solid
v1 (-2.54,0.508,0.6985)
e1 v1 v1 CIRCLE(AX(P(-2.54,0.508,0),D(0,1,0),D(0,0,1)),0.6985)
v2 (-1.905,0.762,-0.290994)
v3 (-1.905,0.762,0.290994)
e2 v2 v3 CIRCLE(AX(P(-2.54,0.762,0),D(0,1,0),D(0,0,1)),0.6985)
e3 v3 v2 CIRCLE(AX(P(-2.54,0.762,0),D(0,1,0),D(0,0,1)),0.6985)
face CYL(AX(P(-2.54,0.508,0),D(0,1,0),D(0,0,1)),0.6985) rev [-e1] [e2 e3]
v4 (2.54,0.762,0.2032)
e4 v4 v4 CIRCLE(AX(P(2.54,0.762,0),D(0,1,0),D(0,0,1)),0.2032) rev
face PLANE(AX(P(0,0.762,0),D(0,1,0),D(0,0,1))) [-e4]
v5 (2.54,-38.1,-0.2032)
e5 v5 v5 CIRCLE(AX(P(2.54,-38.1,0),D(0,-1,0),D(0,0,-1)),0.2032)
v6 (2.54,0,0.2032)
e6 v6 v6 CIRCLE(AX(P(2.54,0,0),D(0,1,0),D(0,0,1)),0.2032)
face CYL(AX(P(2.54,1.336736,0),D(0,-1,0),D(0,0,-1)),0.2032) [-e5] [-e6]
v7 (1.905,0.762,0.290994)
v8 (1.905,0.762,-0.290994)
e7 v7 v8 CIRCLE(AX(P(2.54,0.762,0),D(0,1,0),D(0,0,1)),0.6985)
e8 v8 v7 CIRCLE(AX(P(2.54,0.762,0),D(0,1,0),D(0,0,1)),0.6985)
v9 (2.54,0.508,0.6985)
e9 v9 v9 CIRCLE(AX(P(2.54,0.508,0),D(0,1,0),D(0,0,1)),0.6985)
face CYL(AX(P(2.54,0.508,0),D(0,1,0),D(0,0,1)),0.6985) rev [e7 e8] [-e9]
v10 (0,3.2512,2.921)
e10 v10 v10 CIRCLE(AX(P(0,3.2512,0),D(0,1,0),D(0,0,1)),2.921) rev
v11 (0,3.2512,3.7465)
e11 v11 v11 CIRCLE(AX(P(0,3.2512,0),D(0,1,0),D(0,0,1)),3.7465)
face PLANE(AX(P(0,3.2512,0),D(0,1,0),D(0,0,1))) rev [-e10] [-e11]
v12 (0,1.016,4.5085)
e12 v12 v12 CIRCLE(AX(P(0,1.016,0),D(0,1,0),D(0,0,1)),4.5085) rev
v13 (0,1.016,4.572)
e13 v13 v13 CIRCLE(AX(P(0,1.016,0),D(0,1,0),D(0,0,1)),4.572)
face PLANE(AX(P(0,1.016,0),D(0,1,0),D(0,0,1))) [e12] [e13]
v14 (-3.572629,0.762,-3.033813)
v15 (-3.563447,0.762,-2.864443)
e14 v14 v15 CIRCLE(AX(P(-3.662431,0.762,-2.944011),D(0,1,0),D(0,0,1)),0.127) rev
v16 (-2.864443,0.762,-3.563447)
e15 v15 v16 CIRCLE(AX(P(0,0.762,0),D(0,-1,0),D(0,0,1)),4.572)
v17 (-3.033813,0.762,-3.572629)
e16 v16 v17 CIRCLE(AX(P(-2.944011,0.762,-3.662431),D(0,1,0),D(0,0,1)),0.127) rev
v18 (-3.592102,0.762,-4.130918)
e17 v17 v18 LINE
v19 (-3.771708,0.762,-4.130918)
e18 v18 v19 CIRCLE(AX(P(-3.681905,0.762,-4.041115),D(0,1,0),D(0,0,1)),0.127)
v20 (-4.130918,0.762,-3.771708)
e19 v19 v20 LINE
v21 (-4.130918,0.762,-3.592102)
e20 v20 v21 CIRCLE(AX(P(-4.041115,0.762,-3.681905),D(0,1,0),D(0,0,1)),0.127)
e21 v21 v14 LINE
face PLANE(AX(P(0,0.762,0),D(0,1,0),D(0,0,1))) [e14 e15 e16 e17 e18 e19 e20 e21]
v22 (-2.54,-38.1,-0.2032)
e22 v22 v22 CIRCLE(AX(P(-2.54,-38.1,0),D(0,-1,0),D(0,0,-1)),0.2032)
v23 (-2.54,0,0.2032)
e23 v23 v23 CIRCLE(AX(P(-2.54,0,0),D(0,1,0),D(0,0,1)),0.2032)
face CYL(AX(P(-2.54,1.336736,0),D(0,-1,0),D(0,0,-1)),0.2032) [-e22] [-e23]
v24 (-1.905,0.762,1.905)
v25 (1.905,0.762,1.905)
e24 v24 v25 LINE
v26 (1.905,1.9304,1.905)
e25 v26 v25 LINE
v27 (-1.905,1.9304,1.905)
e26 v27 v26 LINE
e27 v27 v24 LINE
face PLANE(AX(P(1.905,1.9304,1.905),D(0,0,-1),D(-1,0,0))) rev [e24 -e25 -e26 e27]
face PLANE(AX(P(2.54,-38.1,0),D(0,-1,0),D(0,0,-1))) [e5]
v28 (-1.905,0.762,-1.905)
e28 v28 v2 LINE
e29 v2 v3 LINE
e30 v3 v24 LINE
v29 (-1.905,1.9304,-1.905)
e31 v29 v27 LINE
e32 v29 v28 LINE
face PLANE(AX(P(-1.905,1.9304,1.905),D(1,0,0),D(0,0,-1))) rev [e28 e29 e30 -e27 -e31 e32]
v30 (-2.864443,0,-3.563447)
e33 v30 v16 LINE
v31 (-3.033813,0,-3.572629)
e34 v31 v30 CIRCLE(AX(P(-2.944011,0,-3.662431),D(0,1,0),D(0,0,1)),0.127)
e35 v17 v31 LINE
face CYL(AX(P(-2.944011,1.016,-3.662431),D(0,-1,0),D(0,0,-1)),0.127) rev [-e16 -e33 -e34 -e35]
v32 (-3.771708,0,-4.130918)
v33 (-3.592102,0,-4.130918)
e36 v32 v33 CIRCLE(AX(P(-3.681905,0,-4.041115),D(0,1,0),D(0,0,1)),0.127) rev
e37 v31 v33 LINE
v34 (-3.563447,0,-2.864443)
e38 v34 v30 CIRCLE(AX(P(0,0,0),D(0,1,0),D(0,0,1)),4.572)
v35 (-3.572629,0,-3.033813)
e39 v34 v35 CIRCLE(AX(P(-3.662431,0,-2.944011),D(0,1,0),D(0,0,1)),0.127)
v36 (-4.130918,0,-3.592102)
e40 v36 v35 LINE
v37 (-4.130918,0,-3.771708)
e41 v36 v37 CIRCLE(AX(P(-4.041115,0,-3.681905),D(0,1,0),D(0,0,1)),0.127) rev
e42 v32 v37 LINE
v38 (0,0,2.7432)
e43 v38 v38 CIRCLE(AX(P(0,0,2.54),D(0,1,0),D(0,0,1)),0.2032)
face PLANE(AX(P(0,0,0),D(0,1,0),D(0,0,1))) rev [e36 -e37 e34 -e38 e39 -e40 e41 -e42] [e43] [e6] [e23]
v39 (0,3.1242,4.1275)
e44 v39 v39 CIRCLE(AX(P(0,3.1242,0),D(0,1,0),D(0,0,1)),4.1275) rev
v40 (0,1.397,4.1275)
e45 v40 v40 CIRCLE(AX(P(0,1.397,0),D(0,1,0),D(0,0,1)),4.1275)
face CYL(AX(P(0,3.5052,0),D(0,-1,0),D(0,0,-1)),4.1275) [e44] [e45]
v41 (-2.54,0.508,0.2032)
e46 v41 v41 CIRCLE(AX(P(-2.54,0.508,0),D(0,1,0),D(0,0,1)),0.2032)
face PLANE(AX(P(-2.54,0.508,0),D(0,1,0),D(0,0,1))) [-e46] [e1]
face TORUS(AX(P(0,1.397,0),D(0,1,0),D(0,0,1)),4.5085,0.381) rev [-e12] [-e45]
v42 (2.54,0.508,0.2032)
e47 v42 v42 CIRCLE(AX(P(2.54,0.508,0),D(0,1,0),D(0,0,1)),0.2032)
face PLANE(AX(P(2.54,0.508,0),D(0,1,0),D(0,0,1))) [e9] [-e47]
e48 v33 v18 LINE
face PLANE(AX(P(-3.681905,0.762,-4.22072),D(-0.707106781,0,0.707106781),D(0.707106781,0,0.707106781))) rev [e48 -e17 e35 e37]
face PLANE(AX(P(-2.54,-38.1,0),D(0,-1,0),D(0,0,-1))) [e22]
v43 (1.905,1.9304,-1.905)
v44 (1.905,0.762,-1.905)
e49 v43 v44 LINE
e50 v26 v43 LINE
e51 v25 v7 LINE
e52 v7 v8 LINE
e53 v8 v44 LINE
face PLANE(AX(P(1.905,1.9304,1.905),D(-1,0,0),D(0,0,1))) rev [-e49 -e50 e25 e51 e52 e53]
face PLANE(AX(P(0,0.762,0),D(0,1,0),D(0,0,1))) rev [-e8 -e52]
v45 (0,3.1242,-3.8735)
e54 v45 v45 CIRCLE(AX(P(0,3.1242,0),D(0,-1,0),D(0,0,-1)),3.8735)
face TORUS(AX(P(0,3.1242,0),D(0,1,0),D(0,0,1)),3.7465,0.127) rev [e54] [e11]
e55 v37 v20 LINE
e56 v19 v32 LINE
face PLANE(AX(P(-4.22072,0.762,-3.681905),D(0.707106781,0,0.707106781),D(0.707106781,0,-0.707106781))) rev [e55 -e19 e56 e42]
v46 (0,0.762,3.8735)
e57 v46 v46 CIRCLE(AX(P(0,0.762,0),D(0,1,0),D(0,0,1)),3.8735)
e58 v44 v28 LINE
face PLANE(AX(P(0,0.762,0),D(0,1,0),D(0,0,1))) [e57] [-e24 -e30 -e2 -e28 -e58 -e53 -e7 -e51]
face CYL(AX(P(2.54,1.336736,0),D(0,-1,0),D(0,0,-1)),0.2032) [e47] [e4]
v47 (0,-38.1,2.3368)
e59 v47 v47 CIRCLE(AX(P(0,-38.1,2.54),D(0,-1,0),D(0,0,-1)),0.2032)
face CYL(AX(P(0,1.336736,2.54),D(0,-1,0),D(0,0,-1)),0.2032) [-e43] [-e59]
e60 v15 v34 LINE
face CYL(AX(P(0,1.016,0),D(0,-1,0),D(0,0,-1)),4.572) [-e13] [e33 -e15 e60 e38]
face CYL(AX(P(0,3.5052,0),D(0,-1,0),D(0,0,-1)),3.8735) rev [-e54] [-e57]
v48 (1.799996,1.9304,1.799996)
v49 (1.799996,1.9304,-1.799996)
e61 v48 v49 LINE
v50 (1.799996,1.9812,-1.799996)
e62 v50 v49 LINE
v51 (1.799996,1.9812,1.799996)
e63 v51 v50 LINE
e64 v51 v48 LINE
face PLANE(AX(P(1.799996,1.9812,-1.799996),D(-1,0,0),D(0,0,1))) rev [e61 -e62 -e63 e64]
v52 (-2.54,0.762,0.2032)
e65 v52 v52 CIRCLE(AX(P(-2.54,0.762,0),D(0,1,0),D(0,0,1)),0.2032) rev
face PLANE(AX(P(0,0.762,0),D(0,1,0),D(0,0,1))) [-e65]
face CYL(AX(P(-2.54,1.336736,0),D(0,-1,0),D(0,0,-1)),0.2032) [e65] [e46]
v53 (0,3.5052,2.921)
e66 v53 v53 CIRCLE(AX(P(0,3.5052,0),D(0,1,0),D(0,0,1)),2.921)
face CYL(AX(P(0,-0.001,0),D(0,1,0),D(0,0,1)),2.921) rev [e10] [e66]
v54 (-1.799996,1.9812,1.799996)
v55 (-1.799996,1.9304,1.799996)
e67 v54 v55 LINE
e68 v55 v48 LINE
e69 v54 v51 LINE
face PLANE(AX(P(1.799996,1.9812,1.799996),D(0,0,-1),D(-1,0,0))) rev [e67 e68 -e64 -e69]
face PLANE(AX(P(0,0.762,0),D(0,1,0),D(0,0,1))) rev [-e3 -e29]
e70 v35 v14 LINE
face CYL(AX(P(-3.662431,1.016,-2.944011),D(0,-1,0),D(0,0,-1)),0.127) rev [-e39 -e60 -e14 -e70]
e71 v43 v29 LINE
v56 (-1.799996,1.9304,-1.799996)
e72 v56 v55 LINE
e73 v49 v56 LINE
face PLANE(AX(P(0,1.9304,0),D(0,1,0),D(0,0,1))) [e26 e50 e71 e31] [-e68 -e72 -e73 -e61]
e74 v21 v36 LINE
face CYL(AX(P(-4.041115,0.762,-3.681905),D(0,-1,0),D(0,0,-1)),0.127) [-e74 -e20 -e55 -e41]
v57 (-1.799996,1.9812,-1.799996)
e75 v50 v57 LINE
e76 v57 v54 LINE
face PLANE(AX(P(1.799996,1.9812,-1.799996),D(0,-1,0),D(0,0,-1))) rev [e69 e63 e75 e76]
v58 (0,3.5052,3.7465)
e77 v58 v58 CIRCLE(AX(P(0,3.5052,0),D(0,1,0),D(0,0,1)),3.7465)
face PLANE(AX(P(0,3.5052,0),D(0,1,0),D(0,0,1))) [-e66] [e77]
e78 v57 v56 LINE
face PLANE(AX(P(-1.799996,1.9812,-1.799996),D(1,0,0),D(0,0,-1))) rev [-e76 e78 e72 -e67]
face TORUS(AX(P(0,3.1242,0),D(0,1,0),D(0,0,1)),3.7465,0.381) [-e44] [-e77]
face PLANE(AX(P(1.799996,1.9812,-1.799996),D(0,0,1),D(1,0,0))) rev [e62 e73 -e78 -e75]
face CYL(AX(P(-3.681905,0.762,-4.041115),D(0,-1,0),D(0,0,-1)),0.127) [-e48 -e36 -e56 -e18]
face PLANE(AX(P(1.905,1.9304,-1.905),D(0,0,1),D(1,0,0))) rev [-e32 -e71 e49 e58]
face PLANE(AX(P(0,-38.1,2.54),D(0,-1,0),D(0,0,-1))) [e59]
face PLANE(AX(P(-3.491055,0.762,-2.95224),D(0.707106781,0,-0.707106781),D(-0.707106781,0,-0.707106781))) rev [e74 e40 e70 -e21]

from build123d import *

# Parameters (mm, degrees)
SKETCH1_R                 = 4.1275
BODY_EXTRUDE_DEPTH        = 3.5052
FILLET1_R                 = 0.381
SHELL1_T                  = -0.254
SKETCH2_R                 = 4.572
FLANGE_EXTRUDE_DEPTH      = 1.016
FLANGE_FILLET_R           = 0.381
SKETCH4_R                 = 3.8735
FLANGE_DEPTH_CUTOUT_DEPTH = 0.254
WINDOW_CUTOUT_REACH       = 5.505
SKETCH3_R                 = 2.921
SKETCH6_R                 = 0.6985
PIN_RECESS_DEPTH          = 0.254
SKETCH10_W                = 3.81
SKETCH10_H                = 3.81
BOSS_EXTRUDE1_DEPTH       = 1.1684
SKETCH5_W                 = 3.5999928
SKETCH5_H                 = 3.5999928
DETECTOR_EXTRUDE_DEPTH    = 0.0508
TAB_EXTRUDE_DEPTH         = 0.762
TAB_FILLETS_R             = 0.127
SKETCH8_3_R               = 0.2032
EXTRUDE1_DEPTH            = 38.1
EXTRUDE1_DEPTH_BACK       = 0.762


with BuildPart() as part:
    # Sketch1 → Body Extrude (new body)
    with BuildSketch(Plane(origin=(0, 0, 0), x_dir=(1, 0, 0), z_dir=(0, 1, 0))):
        with Locations(Location((0, 0, 0), (0, 0, 270))):  # turned: the seam where the file's is
            Circle(SKETCH1_R)
    extrude(amount=BODY_EXTRUDE_DEPTH)

    # Fillet1
    fillet1_edges = [part.edges().sort_by_distance(p)[0] for p in [
        (0, 3.5052, -4.1275),
    ]]
    fillet(fillet1_edges, radius=FILLET1_R)

    # Shell1
    shell1_openings = [part.faces().sort_by_distance(p)[0] for p in [
        (0, 0, 0),
    ]]
    offset(amount=SHELL1_T, openings=shell1_openings, kind=Kind.INTERSECTION)

    # Sketch2 → Flange Extrude (add)
    with BuildSketch(Plane(origin=(0, 0, 0), x_dir=(1, 0, 0), z_dir=(0, 1, 0))):
        with Locations(Location((0, 0, 0), (0, 0, 270))):  # turned: the seam where the file's is
            Circle(SKETCH2_R)
    extrude(amount=FLANGE_EXTRUDE_DEPTH)

    # Flange Fillet
    flange_fillet_edges = [part.edges().sort_by_distance(p)[0] for p in [
        (0, 1.016, -4.1275),
    ]]
    fillet(flange_fillet_edges, radius=FLANGE_FILLET_R)

    # Sketch4 → Flange Depth Cutout (cut)
    with BuildSketch(Plane(origin=(0, 1.016, 0), x_dir=(-1, 0, 0), z_dir=(0, 1, 0))):
        with Locations(Location((0, 0, 0), (0, 0, 90))):  # turned: the seam where the file's is
            Circle(SKETCH4_R)
    extrude(amount=-FLANGE_DEPTH_CUTOUT_DEPTH, mode=Mode.SUBTRACT)

    # Sketch3 → Window Cutout (cut, up to next)
    with BuildSketch(Plane(origin=(0, 3.5052, 0), x_dir=(-1, 0, 0), z_dir=(0, 1, 0)), mode=Mode.PRIVATE) as window_cutout_sk1:
        with Locations(Location((0, 0, 0), (0, 0, 90))):  # turned: the seam where the file's is
            Circle(SKETCH3_R)
    window_cutout_tool1 = extrude(window_cutout_sk1.sketch, amount=-WINDOW_CUTOUT_REACH, mode=Mode.PRIVATE) & part.part
    add(window_cutout_tool1.solids().sort_by_distance((0, 3.5052, 0))[0], mode=Mode.SUBTRACT)

    # Sketch6 → Pin Recess (cut)
    with BuildSketch(Plane(origin=(0, 0.762, 0), x_dir=(-1, 0, 0), z_dir=(0, 1, 0))):
        with Locations(Location((-2.54, 0, 0), (0, 0, 90))):  # turned: the seam where the file's is
            Circle(SKETCH6_R)
        with Locations(Location((2.54, 0, 0), (0, 0, 90))):  # turned: the seam where the file's is
            Circle(SKETCH6_R)
    extrude(amount=-PIN_RECESS_DEPTH, mode=Mode.SUBTRACT)

    # Sketch10 → Boss-Extrude1 (add)
    with BuildSketch(Plane(origin=(0, 0.762, 0), x_dir=(1, 0, 0), z_dir=(0, 1, 0))):
        Rectangle(SKETCH10_W, SKETCH10_H)
    extrude(amount=BOSS_EXTRUDE1_DEPTH)

    # Sketch5 → Detector Extrude (add)
    with BuildSketch(Plane(origin=(0, 1.9304, 0), x_dir=(-1, 0, 0), z_dir=(0, 1, 0))):
        Rectangle(SKETCH5_W, SKETCH5_H)
    extrude(amount=DETECTOR_EXTRUDE_DEPTH)

    # Sketch7 → Tab Extrude (add)
    with BuildSketch(Plane(origin=(0, 0, 0), x_dir=(1, 0, 0), z_dir=(0, 1, 0))):
        with BuildLine():
            Line((-3.491055011, 2.952239643), (-4.220720377, 3.68190501))
            Line((-4.220720377, 3.68190501), (-3.68190501, 4.220720377))
            Line((-3.68190501, 4.220720377), (-2.952239643, 3.491055011))
            ThreePointArc((-2.952239643, 3.491055011), (-3.232892204, 3.232892204), (-3.491055011, 2.952239643))
        make_face()
    extrude(amount=TAB_EXTRUDE_DEPTH)

    # Tab Fillets
    tab_fillets_edges = [part.edges().sort_by_distance(p)[0] for p in [
        (-3.491055011, 0.381, -2.952239643),
        (-2.952239643, 0.381, -3.491055011),
        (-3.68190501, 0.381, -4.220720377),
        (-4.220720377, 0.381, -3.68190501),
    ]]
    fillet(tab_fillets_edges, radius=TAB_FILLETS_R)

    # Sketch8_3 → Extrude1 (add, two sides)
    with BuildSketch(Plane.XZ) as extrude1_sk:
        with Locations(Location((2.54, 0, 0), (0, 0, 90))):  # turned: the seam where the file's is
            Circle(SKETCH8_3_R)
        with Locations(Location((0, 2.54, 0), (0, 0, 270))):  # turned: the seam where the file's is
            Circle(SKETCH8_3_R)
        with Locations(Location((-2.54, 0, 0), (0, 0, 90))):  # turned: the seam where the file's is
            Circle(SKETCH8_3_R)
    extrude(amount=EXTRUDE1_DEPTH)
    extrude(extrude1_sk.sketch, amount=-EXTRUDE1_DEPTH_BACK)


solid = part.part
